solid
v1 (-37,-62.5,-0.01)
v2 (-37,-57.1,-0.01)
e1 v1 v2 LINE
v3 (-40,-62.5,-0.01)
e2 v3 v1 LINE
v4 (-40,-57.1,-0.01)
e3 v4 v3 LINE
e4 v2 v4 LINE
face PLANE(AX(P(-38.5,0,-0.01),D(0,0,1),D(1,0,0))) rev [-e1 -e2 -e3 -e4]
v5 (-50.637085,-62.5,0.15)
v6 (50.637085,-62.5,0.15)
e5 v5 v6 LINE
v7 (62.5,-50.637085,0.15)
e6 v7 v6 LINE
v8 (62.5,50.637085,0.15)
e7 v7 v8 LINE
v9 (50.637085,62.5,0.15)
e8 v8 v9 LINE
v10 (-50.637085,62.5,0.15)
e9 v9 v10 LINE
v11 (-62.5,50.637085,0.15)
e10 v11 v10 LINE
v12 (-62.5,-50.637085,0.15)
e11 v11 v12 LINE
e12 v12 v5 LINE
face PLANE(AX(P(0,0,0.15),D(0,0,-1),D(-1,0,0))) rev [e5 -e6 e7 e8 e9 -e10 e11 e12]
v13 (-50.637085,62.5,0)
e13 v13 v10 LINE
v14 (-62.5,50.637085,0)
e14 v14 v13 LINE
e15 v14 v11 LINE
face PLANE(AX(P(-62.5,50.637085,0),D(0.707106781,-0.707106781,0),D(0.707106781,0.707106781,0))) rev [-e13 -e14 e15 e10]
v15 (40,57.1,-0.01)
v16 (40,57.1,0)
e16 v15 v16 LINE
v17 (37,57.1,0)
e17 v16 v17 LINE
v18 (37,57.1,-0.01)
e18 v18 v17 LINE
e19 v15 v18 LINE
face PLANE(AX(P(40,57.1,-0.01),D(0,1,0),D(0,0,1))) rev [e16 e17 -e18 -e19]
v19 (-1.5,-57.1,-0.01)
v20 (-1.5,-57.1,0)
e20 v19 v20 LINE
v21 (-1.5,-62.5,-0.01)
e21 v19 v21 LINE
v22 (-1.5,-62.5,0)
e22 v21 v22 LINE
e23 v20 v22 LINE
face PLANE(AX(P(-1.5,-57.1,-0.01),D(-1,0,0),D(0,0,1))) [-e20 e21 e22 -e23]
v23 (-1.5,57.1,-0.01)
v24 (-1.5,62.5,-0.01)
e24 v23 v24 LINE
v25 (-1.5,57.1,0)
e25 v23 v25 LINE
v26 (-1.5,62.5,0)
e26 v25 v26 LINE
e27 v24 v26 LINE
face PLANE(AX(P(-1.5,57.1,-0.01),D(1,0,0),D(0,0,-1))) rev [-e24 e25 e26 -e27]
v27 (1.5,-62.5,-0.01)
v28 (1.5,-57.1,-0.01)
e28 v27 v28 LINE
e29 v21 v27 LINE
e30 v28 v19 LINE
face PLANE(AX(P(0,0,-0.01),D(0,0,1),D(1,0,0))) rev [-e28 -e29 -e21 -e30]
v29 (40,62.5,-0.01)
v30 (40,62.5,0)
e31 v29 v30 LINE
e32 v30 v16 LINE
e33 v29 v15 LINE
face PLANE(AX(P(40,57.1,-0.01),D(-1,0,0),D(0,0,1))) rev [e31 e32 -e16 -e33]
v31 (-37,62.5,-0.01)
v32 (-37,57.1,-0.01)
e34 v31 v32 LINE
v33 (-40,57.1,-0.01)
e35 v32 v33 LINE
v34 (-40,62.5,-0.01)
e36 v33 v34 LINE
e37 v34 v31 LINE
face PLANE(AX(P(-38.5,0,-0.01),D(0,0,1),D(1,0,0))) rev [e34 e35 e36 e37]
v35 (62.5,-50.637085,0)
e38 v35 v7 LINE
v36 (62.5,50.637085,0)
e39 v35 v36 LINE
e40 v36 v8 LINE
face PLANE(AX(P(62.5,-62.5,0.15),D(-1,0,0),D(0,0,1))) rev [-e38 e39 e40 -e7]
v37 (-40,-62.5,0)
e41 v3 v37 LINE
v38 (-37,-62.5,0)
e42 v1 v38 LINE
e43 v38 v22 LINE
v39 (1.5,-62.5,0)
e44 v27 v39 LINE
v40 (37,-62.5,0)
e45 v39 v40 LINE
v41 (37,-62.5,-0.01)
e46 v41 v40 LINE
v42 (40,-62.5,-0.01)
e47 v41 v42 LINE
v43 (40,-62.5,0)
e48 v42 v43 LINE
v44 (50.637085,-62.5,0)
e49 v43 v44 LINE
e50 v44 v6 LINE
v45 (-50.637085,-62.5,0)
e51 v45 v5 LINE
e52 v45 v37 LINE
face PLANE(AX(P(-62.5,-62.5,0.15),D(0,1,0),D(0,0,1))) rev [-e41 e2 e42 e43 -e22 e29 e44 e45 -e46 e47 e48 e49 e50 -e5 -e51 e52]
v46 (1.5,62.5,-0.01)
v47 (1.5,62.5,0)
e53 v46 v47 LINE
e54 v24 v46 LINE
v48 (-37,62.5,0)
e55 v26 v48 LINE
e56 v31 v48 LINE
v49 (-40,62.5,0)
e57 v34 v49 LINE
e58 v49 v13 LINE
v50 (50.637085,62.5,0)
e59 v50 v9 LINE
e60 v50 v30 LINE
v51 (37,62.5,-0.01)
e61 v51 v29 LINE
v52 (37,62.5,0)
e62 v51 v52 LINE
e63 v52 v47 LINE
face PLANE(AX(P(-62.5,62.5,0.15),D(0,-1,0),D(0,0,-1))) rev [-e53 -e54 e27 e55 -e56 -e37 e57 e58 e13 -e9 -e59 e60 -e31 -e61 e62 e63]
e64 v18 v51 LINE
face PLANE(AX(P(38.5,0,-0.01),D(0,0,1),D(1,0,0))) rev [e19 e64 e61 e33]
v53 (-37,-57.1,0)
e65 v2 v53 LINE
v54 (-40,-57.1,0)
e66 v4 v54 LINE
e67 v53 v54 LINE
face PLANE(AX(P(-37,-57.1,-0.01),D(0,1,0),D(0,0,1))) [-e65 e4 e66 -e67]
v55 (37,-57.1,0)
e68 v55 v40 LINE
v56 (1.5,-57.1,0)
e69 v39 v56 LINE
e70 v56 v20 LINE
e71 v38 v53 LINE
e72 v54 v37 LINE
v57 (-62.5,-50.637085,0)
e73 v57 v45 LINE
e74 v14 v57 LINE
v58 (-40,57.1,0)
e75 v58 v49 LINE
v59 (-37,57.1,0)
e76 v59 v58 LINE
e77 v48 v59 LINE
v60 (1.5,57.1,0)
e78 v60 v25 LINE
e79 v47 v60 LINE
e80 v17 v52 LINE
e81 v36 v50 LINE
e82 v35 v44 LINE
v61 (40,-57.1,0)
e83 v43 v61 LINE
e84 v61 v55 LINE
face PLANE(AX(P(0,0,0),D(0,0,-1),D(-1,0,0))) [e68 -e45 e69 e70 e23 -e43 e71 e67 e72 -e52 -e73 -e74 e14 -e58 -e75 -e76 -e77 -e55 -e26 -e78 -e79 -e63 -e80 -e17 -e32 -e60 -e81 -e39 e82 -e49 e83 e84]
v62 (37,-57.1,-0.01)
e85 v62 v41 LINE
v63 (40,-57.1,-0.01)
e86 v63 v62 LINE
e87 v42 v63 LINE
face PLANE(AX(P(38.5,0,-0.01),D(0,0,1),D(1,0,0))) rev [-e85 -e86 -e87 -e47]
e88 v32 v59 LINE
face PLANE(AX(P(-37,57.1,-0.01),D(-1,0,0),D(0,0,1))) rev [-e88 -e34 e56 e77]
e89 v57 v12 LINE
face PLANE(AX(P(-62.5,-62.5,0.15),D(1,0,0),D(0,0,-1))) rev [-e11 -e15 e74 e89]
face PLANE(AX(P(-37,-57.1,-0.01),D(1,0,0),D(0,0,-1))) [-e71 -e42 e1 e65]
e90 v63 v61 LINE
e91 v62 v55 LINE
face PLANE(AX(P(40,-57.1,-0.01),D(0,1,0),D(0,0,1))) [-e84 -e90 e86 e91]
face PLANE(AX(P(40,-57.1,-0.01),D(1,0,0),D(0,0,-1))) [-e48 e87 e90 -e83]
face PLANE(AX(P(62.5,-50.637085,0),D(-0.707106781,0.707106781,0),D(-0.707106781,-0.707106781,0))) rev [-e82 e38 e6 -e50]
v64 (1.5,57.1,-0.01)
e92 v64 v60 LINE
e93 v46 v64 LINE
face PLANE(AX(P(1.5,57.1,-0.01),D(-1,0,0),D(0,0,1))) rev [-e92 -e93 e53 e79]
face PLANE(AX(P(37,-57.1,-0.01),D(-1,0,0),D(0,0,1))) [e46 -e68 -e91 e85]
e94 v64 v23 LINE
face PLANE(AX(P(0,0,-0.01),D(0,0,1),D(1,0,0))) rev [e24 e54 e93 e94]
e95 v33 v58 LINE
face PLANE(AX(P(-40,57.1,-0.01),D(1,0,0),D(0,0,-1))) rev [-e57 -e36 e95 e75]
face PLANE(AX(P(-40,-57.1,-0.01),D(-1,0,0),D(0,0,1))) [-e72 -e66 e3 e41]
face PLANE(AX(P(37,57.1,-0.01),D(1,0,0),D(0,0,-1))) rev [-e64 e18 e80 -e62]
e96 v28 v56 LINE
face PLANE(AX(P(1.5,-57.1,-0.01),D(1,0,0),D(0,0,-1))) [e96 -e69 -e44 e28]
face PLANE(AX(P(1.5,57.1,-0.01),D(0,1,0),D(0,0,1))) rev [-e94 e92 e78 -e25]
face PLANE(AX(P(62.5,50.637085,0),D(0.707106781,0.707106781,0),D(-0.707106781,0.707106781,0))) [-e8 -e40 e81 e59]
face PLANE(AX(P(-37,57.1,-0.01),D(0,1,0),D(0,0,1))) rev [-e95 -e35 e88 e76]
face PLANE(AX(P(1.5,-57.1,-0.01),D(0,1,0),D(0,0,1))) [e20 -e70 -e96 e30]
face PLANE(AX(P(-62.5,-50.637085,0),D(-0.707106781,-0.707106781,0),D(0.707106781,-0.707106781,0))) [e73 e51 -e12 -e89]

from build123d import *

# Parameters (mm, degrees)
SKETCH1_W               = 125
SKETCH1_H               = 125
BOSS_EXTRUDE1_DEPTH     = 0.15
CUT_EXTRUDE1_DEPTH      = 89.388474927
MIRROR2_COPY_1_DEPTH    = 89.388474927
SKETCH4_W               = 3
SKETCH4_H               = 5.4
BOSS_EXTRUDE2_DEPTH     = 0.01
LPATTERN1_COUNT         = 2
LPATTERN1_PITCH         = 38.5
LPATTERN1_COL_COUNT     = 2
LPATTERN1_COL_PITCH     = 38.5
MIRROR3_COPY_1_SKETCH_W = 3
MIRROR3_COPY_1_SKETCH_H = 5.4
MIRROR3_COPY_1_DEPTH    = 0.01
MIRROR3_COPY_2_SKETCH_W = 3
MIRROR3_COPY_2_SKETCH_H = 5.4
MIRROR3_COPY_2_DEPTH    = 0.01


with BuildPart() as part:
    # Sketch1 → Boss-Extrude1 (new body)
    with BuildSketch(Plane.XY):
        Rectangle(SKETCH1_W, SKETCH1_H)
    extrude(amount=BOSS_EXTRUDE1_DEPTH)

    # Sketch2 → Cut-Extrude1 (cut, through all)
    with BuildSketch(Plane.XY.offset(0.15)):
        Polygon((-62.5, 50.63708499), (-50.63708499, 62.5), (-62.5, 62.5), align=None)
    cut_extrude1 = extrude(amount=-CUT_EXTRUDE1_DEPTH, mode=Mode.SUBTRACT)

    # Mirror1: Cut-Extrude1 across plane
    add(cut_extrude1.mirror(Plane.ZX), mode=Mode.SUBTRACT)

    # Mirror2: Cut-Extrude1 across plane
    add(cut_extrude1.mirror(Plane(origin=(0, 0, 0), x_dir=(0, 0, 1), z_dir=(1, 0, 0))), mode=Mode.SUBTRACT)

    # Mirror2 copy 1 sketch → Mirror2 copy 1 (cut, through all)
    with BuildSketch(Plane(origin=(0, 0, 0.15), x_dir=(-1, 0, 0), z_dir=(0, 0, 1))):
        Polygon((-62.5, 50.63708499), (-50.63708499, 62.5), (-62.5, 62.5), align=None)
    extrude(amount=-MIRROR2_COPY_1_DEPTH, mode=Mode.SUBTRACT)

    # Sketch4 → Boss-Extrude2 (add)
    with BuildSketch(Plane(origin=(0, 0, 0), x_dir=(-1, 0, 0), z_dir=(0, 0, -1))):
        with Locations((0, 59.8)):
            Rectangle(SKETCH4_W, SKETCH4_H)
    boss_extrude2 = extrude(amount=BOSS_EXTRUDE2_DEPTH)

    # LPattern1: Boss-Extrude2 ×2
    with Locations(*[(-i * LPATTERN1_PITCH, 0, 0) for i in range(1, LPATTERN1_COUNT)]):
        add(boss_extrude2)

    # LPattern1 col: Boss-Extrude2 ×2
    with Locations(*[(i * LPATTERN1_COL_PITCH, 0, 0) for i in range(1, LPATTERN1_COL_COUNT)]):
        add(boss_extrude2)

    # Mirror3: Boss-Extrude2 across plane
    add(boss_extrude2.mirror(Plane.ZX))

    # Mirror3 copy 1 sketch → Mirror3 copy 1 (add)
    with BuildSketch(Plane(origin=(-38.5, 0, 0), x_dir=(-1, 0, 0), z_dir=(0, 0, -1))):
        with Locations((0, -59.8)):
            Rectangle(MIRROR3_COPY_1_SKETCH_W, MIRROR3_COPY_1_SKETCH_H)
    extrude(amount=MIRROR3_COPY_1_DEPTH)

    # Mirror3 copy 2 sketch → Mirror3 copy 2 (add)
    with BuildSketch(Plane(origin=(38.5, 0, 0), x_dir=(-1, 0, 0), z_dir=(0, 0, -1))):
        with Locations((0, -59.8)):
            Rectangle(MIRROR3_COPY_2_SKETCH_W, MIRROR3_COPY_2_SKETCH_H)
    extrude(amount=MIRROR3_COPY_2_DEPTH)


solid = part.part
